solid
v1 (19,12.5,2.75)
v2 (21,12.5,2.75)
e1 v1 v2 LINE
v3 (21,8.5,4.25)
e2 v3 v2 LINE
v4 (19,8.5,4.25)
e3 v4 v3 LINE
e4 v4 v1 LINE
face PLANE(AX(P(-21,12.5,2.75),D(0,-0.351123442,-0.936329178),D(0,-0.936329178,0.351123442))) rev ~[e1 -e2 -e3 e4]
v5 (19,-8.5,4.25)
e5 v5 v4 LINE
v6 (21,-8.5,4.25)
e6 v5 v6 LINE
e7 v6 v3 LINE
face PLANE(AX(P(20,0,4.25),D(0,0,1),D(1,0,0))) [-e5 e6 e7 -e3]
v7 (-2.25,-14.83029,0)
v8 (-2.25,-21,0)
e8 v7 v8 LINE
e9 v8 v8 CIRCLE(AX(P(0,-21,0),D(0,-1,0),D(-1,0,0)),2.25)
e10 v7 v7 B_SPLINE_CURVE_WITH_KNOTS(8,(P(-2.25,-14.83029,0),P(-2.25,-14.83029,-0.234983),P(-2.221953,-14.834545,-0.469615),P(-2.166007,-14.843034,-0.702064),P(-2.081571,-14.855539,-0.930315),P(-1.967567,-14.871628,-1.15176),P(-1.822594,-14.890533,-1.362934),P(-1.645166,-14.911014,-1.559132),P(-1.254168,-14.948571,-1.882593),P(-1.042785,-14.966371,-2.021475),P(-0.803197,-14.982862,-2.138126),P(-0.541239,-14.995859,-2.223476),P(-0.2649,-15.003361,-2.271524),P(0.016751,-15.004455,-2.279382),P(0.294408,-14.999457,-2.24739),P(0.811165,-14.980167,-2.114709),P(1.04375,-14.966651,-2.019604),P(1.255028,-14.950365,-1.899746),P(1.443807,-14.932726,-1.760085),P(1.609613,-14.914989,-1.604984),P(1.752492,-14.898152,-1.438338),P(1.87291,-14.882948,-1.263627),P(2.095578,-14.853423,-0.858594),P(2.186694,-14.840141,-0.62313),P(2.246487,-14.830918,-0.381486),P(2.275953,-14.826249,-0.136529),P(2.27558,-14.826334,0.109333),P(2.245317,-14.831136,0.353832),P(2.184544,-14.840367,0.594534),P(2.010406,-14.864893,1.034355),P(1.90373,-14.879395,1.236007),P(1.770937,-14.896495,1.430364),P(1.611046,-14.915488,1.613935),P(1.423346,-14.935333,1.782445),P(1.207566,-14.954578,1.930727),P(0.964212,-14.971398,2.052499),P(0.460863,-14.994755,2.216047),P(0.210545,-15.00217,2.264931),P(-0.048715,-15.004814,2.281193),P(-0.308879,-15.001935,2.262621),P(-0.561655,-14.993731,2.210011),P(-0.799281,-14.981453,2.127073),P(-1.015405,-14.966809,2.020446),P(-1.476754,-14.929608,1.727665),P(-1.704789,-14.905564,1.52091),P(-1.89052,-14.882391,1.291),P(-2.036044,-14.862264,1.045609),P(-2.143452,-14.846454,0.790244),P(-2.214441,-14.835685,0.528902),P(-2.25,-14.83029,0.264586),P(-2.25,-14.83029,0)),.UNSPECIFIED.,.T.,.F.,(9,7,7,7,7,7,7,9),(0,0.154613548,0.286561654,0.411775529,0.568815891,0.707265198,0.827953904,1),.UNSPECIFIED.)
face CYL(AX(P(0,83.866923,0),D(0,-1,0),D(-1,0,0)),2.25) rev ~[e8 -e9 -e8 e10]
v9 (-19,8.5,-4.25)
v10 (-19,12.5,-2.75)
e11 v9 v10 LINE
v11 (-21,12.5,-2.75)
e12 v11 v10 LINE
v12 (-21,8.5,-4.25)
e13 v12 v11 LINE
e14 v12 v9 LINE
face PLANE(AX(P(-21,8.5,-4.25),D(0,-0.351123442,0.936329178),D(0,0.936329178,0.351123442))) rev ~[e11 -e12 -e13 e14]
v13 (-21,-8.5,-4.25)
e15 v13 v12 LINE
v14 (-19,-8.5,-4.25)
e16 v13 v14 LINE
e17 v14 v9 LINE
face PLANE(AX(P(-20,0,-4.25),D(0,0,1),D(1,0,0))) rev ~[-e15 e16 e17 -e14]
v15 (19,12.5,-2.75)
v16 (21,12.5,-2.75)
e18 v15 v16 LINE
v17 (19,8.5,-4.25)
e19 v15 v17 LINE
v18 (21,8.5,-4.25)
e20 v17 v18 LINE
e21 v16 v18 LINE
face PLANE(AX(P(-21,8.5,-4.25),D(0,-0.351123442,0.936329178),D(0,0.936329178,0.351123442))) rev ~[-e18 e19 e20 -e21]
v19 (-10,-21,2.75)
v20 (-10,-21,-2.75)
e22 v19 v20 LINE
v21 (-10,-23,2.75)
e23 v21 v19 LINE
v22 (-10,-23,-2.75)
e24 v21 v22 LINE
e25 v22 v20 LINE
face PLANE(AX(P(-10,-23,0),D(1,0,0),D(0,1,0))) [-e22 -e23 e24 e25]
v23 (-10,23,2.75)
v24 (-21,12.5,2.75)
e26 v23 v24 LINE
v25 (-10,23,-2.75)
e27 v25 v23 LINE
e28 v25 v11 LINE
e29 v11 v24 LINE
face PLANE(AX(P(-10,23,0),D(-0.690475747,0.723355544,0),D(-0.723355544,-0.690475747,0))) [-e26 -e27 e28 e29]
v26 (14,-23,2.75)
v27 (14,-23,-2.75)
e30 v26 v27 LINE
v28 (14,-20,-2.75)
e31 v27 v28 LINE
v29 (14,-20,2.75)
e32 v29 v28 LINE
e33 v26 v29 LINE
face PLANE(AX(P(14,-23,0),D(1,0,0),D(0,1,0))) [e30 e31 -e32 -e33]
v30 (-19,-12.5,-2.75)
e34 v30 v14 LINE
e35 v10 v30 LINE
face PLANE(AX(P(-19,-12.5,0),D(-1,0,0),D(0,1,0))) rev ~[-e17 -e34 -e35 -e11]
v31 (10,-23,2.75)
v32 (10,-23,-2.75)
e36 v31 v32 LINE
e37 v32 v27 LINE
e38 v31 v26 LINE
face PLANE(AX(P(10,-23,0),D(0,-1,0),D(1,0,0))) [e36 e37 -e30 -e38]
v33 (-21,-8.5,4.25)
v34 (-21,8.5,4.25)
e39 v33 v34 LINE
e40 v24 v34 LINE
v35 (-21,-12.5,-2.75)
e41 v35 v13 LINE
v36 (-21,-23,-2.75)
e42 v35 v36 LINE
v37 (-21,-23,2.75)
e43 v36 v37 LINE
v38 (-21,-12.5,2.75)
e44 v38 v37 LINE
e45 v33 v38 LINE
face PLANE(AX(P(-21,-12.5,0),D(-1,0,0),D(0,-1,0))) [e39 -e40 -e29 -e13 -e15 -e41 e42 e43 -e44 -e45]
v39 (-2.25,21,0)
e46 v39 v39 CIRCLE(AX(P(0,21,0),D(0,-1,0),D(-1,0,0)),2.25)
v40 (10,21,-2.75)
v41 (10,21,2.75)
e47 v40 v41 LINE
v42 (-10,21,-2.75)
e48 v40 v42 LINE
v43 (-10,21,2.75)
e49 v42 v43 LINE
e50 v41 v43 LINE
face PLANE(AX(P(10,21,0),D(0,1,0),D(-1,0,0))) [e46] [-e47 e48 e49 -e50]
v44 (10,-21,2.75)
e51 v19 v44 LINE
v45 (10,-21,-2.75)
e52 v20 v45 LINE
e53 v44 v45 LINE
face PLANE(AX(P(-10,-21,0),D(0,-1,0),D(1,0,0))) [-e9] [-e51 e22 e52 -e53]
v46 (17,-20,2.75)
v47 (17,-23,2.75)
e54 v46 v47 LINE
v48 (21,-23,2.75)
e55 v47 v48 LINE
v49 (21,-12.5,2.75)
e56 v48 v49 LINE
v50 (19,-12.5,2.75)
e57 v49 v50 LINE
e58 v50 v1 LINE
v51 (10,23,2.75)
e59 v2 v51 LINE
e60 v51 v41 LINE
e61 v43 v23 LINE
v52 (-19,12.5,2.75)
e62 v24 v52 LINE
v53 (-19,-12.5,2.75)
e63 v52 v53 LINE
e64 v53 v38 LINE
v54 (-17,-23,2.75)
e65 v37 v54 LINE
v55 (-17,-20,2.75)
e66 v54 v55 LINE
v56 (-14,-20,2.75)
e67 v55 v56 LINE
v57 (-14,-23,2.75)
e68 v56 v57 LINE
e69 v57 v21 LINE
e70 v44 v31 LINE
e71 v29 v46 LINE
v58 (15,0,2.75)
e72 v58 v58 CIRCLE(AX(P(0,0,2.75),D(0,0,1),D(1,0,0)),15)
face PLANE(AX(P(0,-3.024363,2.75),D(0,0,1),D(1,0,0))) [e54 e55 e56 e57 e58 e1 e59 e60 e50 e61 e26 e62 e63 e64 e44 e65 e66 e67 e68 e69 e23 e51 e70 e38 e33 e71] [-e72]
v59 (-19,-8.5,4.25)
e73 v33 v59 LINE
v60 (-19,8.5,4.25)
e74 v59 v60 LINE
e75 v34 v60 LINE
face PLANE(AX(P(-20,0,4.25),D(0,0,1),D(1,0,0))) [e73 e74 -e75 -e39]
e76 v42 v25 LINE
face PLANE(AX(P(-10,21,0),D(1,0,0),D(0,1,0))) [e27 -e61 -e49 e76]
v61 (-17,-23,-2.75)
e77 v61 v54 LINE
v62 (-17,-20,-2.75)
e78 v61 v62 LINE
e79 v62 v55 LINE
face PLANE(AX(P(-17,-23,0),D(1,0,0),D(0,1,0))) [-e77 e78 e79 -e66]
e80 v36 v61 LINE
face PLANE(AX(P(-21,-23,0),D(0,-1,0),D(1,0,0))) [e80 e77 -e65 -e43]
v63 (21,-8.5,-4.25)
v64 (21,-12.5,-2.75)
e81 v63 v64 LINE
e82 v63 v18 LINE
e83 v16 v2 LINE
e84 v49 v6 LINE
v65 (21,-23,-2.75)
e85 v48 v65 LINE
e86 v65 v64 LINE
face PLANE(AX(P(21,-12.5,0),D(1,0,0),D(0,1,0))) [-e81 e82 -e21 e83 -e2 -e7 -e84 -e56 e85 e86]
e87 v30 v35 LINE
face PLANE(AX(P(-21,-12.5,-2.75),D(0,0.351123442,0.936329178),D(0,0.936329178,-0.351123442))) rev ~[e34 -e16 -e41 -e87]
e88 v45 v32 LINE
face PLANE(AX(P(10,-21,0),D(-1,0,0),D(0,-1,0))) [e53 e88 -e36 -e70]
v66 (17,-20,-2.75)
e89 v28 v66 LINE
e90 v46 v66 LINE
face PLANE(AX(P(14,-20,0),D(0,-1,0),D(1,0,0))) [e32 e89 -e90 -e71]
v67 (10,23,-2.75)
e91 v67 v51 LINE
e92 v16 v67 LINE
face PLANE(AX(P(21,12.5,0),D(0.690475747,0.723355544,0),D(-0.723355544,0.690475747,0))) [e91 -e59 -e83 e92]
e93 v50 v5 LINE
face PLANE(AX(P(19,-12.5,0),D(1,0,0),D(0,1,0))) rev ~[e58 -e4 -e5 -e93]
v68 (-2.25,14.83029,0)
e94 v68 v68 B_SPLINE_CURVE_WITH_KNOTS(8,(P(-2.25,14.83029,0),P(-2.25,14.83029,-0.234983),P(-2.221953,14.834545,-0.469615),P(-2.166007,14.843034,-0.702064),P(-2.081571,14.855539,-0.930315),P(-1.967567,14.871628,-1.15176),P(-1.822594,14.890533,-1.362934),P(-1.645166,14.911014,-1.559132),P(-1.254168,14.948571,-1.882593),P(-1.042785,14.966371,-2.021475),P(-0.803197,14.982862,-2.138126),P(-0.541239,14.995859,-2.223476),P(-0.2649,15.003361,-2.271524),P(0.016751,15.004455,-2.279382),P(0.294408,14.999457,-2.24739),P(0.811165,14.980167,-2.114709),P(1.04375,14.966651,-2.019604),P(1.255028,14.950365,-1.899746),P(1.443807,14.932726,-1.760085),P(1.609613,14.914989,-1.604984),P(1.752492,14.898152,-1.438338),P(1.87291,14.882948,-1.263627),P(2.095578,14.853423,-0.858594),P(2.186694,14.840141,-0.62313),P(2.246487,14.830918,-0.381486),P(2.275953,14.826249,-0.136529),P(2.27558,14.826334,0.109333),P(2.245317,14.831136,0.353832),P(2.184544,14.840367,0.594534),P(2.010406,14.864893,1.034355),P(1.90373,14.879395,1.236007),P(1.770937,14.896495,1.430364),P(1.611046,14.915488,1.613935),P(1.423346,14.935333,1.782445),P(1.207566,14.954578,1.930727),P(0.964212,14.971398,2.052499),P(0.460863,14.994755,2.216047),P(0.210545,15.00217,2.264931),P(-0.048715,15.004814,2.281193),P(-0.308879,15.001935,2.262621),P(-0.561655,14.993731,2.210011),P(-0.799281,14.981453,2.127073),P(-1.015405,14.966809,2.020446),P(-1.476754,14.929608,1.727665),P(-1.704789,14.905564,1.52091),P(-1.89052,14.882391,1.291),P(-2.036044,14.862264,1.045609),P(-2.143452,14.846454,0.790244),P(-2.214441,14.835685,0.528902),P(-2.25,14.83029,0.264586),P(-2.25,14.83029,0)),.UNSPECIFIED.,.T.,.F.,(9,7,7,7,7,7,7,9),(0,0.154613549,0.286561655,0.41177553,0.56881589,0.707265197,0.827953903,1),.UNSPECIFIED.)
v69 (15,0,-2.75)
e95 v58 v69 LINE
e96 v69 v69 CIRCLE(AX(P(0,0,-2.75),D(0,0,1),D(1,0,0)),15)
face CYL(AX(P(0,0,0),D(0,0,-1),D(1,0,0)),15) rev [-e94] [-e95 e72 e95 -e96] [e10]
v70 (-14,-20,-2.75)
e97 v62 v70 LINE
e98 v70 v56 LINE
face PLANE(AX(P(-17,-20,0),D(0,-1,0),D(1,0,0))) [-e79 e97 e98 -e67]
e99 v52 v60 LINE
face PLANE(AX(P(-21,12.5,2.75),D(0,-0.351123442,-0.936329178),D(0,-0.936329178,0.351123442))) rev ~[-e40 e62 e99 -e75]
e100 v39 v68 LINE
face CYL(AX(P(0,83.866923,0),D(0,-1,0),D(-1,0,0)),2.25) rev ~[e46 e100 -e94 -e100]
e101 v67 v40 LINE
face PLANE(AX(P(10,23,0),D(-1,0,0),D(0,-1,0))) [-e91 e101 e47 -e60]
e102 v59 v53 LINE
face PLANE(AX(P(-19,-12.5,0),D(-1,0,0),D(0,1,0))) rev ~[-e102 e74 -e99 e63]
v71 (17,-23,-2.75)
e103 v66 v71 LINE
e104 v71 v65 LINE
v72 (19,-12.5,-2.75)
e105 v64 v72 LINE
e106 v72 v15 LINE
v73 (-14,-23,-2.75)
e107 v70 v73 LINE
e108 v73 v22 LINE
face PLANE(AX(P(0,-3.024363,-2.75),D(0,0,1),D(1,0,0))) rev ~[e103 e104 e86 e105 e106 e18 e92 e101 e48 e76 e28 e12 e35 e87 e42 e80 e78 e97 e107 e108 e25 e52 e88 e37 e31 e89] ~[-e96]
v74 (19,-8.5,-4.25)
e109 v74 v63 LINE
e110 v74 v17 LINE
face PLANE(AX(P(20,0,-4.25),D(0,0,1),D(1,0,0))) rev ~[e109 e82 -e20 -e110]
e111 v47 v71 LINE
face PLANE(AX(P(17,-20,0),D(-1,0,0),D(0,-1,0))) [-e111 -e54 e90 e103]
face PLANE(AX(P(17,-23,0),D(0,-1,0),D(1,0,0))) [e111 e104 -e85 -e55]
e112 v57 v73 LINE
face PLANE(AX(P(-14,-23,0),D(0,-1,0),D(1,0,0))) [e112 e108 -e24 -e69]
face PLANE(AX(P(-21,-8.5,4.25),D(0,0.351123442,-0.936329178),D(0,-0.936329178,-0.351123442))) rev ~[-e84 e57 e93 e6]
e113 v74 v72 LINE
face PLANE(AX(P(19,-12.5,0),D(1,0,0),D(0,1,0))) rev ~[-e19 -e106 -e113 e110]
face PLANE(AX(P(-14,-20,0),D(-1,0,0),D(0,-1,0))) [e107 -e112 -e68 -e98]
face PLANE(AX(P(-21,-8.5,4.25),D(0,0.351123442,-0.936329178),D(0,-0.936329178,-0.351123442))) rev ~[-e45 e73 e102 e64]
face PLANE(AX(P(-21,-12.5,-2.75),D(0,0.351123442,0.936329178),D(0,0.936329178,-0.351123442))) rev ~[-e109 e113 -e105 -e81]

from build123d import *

# Parameters (mm, degrees)
SKETCH1_R            = 15
BOSS_EXTRUDE1_DEPTH  = 2.75
SKETCH1_3_W          = 2
SKETCH1_3_H          = 25
BOSS_EXTRUDE2_DEPTH  = 4.25
CUT_EXTRUDE1_DEPTH   = 49.073511417
M4_CLEARANCE_HOLE1_D = 4.5


with BuildPart() as part:
    # Sketch1 → Boss-Extrude1 (new, symmetric)
    with BuildSketch(Plane.XY):
        Polygon((19, 12.5), (21, 12.5), (10, 23), (10, 21), (-10, 21), (-10, 23), (-21, 12.5), (-19, 12.5), (-19, -12.5), (-21, -12.5), (-21, -23), (-17, -23), (-17, -20), (-14, -20), (-14, -23), (-10, -23), (-10, -21), (10, -21), (10, -23), (14, -23), (14, -20), (17, -20), (17, -23), (21, -23), (21, -12.5), (19, -12.5), align=None)
        Circle(SKETCH1_R, mode=Mode.SUBTRACT)
    extrude(amount=BOSS_EXTRUDE1_DEPTH, both=True)

    # Sketch1<3> → Boss-Extrude2 (add, symmetric)
    with BuildSketch(Plane.XY):
        with Locations((-20, 0)):
            Rectangle(SKETCH1_3_W, SKETCH1_3_H)
        with Locations((20, 0)):
            Rectangle(SKETCH1_3_W, SKETCH1_3_H)
    extrude(amount=BOSS_EXTRUDE2_DEPTH, both=True)

    # Sketch2 → Cut-Extrude1 (cut, through all)
    with BuildSketch(Plane.ZY.offset(21)):
        Polygon((4.25, -12.5), (4.25, -8.5), (2.75, -12.5), align=None)
        Polygon((-2.75, -12.5), (-4.25, -8.5), (-4.25, -12.5), align=None)
        Polygon((-4.25, 8.5), (-2.75, 12.5), (-4.25, 12.5), align=None)
        Polygon((4.25, 12.5), (2.75, 12.5), (4.25, 8.5), align=None)
    extrude(amount=-CUT_EXTRUDE1_DEPTH, mode=Mode.SUBTRACT)

    # M4 Clearance Hole1 (through all)
    with Locations(Plane(origin=(0, 21, 0), x_dir=(1, 0, 0), z_dir=(0, 1, 0))):
        with Locations((0, 0)):
            Hole(M4_CLEARANCE_HOLE1_D / 2)


solid = part.part
